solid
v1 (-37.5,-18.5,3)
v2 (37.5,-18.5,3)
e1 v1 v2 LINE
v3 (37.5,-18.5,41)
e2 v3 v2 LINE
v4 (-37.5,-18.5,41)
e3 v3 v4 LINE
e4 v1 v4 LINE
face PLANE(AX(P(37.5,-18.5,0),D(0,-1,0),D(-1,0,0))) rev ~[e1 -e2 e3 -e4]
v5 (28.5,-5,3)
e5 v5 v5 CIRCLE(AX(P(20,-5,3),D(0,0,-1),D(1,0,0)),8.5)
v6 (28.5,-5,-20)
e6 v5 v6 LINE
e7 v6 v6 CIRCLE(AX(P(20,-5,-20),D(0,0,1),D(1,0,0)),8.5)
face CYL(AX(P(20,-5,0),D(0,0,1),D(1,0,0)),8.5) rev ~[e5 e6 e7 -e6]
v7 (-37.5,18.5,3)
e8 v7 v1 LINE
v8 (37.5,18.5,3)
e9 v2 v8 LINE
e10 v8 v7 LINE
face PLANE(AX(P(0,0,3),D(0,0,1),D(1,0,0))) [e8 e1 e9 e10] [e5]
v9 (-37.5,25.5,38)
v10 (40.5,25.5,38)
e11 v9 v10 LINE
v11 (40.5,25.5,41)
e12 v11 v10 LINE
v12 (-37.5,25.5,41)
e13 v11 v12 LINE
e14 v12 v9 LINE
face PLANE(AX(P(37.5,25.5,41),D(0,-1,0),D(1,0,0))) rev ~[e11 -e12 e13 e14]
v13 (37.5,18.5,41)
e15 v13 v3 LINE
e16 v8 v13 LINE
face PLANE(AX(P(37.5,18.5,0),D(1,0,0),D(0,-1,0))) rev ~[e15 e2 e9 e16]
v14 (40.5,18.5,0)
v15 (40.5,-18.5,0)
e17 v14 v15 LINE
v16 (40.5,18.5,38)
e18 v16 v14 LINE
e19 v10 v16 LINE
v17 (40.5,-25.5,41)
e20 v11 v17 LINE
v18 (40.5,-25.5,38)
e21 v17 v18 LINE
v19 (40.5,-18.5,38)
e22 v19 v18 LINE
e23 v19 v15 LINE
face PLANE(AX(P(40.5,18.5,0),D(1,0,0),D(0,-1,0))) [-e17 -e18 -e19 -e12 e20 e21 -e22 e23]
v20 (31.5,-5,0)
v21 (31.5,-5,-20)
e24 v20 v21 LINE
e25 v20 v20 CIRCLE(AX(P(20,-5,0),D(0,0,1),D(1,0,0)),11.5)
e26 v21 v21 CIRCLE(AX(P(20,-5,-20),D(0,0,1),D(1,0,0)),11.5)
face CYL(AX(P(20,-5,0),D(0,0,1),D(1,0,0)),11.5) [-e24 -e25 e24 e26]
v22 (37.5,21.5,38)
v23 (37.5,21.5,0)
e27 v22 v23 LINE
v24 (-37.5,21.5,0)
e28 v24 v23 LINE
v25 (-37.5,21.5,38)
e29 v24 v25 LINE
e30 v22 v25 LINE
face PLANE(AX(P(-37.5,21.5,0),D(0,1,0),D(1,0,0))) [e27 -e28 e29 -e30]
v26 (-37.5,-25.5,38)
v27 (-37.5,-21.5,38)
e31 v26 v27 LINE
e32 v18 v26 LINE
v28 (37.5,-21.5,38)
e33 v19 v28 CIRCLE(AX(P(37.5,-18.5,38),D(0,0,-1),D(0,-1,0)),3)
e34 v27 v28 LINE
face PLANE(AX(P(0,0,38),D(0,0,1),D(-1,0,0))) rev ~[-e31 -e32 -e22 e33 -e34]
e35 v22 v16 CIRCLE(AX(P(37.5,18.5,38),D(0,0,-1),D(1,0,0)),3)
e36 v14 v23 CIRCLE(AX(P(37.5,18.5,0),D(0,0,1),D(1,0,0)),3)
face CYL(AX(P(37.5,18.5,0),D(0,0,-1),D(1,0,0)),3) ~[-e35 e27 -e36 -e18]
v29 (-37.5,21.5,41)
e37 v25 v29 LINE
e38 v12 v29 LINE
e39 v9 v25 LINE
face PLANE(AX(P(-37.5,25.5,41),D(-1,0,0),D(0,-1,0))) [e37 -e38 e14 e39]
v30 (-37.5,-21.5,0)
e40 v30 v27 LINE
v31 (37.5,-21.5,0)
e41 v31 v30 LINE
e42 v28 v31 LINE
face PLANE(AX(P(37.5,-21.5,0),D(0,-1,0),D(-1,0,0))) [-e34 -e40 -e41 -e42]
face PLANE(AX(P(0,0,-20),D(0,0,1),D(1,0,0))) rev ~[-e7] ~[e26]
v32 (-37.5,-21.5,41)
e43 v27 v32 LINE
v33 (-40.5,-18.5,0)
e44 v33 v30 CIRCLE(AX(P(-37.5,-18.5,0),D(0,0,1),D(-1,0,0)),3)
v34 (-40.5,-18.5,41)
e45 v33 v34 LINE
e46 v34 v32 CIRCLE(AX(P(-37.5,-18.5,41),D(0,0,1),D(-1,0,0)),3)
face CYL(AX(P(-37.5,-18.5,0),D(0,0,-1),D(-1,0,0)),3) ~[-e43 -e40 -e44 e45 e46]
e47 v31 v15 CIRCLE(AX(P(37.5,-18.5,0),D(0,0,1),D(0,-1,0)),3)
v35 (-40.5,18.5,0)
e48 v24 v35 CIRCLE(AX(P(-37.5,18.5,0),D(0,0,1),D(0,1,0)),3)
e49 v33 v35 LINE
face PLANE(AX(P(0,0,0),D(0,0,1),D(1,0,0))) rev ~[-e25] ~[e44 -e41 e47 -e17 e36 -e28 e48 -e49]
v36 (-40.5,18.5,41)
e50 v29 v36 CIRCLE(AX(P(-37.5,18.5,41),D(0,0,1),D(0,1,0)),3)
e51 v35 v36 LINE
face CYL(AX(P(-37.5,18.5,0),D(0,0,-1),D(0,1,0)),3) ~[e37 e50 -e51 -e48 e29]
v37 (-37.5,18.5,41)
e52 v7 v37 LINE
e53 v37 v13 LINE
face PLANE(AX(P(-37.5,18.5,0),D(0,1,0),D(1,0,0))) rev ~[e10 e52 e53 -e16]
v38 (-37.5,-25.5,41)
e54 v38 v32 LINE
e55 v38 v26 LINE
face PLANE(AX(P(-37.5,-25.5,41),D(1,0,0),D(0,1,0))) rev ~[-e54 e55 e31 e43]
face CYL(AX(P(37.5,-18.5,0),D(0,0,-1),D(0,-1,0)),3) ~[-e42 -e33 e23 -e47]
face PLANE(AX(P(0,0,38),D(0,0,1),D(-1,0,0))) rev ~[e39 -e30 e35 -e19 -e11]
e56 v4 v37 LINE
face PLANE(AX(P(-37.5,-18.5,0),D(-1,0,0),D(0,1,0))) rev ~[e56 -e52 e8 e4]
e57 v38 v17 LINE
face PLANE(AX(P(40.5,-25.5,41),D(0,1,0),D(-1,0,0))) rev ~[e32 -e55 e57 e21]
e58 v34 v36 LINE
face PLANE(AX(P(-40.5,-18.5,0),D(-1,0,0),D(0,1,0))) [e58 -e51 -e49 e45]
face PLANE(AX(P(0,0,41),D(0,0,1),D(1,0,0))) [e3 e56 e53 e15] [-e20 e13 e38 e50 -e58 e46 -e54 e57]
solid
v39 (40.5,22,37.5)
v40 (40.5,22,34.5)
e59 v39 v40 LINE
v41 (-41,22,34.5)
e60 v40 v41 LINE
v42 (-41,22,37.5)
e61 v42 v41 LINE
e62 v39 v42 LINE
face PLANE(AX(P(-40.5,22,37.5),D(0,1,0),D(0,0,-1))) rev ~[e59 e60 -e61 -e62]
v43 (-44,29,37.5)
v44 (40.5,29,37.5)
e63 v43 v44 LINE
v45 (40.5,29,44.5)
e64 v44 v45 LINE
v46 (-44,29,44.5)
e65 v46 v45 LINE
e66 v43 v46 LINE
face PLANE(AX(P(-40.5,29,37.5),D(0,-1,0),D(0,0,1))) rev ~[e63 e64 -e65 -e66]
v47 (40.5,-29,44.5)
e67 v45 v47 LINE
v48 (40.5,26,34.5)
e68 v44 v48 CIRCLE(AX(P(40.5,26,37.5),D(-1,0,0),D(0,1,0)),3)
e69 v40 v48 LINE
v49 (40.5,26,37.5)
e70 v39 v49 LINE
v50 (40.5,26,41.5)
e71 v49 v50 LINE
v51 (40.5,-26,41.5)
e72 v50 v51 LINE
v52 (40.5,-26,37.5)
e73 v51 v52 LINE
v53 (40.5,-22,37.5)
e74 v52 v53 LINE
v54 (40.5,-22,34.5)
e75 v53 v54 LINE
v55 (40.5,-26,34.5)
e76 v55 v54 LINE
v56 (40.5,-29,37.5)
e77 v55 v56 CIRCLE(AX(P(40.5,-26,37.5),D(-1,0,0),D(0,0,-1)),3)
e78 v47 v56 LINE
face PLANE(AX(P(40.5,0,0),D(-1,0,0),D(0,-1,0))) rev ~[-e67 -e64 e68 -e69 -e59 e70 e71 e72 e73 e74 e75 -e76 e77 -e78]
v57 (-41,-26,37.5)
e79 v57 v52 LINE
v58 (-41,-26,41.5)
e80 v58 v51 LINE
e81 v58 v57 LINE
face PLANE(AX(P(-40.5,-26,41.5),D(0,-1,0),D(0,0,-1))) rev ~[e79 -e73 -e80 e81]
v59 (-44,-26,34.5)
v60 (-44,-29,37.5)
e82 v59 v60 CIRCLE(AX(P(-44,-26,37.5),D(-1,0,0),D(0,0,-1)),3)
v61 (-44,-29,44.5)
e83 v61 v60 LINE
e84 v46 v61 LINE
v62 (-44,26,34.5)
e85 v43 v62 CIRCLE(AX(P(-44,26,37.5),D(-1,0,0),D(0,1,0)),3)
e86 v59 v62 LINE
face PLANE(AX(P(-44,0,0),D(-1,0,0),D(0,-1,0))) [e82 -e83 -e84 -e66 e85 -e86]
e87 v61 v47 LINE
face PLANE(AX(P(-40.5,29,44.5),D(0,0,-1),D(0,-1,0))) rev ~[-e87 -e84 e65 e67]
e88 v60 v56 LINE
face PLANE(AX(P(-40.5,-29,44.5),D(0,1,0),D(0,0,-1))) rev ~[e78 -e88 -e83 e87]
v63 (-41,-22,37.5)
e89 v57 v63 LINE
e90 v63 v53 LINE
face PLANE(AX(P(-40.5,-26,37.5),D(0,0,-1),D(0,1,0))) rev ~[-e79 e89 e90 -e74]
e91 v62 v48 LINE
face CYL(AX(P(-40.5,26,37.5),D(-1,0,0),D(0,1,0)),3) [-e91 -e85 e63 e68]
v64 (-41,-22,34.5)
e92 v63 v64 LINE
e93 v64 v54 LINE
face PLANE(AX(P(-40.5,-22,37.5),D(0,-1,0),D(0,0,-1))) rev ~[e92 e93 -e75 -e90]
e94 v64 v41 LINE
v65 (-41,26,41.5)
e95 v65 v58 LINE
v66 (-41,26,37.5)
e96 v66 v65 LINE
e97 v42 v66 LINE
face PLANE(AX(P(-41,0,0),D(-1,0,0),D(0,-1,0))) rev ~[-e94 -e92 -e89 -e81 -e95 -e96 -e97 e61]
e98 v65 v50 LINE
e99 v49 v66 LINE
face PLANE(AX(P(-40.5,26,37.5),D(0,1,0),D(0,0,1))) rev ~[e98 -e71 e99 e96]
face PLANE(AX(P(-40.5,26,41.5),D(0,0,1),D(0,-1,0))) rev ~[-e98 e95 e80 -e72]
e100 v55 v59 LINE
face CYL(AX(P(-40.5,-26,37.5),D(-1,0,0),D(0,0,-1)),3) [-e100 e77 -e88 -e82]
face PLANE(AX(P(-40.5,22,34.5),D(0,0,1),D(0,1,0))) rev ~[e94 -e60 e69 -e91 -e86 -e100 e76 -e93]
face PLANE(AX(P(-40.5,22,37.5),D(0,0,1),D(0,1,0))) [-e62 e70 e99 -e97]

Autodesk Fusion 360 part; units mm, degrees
sketch "Sketch1" plane through (0, 0, 0) normal (0, 0, 1) x (1, 0, 0)
  line L0 (37.5, -18.5) -> (-37.5, -18.5)
  line L1 (-37.5, -18.5) -> (-37.5, 18.5)
  line L2 (-37.5, 18.5) -> (37.5, 18.5)
  line L3 (37.5, 18.5) -> (37.5, -18.5)
  line L4 (37.5, -18.5) -> (-37.5, 18.5) construction
  line L5 (-37.5, -18.5) -> (37.5, 18.5) construction
  line L6 (-37.5, 21.5) -> (37.5, 21.5)
  line L7 (40.5, 18.5) -> (40.5, -18.5)
  line L8 (37.5, -21.5) -> (-37.5, -21.5)
  line L9 (-40.5, -18.5) -> (-40.5, 18.5)
  arc A0 (-37.5, 21.5) -> (-40.5, 18.5) centre (-37.5, 18.5) ccw
  arc A1 (40.5, 18.5) -> (37.5, 21.5) centre (37.5, 18.5) ccw
  arc A2 (37.5, -21.5) -> (40.5, -18.5) centre (37.5, -18.5) ccw
  arc A3 (-40.5, -18.5) -> (-37.5, -21.5) centre (-37.5, -18.5) ccw
  circle A4 centre (20, -5) radius 8.5
  circle A5 centre (20, -5) radius 11.5
  dimension "d1" = 75
  dimension "d2" = 37
  dimension "d4" = 3
  dimension "d5" = 3
  dimension "d6" = 3
  dimension "d7" = 3
  dimension "d10" = 17
  dimension "d11" = 23
extrude "Extrude2" add sketch "Sketch1" against normal blind 20 contours A5 makes body 1
extrude "Extrude1" add sketch "Sketch1" along normal blind 3 separate body contours L0 L1 L2 L3 | L6 L7 L8 L9 A0 A1 A2 A3 | A4 | A5 makes body 2
extrude "Extrude3" cut sketch "Sketch1" along normal blind 11 contours A4 bodies 2
extrude "Extrude4" add sketch "Sketch1" along normal blind 41 contours L6 L7 L8 L9 A0 A1 A2 A3 bodies 2
sketch "Sketch2" plane through (0, 0, 41) normal (0, 0, 1) x (-1, 0, 0)
  line L0 (37.5, -18.5) -> (-37.5, -18.5)
  line L1 (-37.5, -18.5) -> (-37.5, 18.5)
  line L2 (-37.5, 18.5) -> (37.5, 18.5)
  line L3 (37.5, 18.5) -> (37.5, -18.5)
  arc A0 (37.5, -21.5) -> (40.5, -18.5) centre (37.5, -18.5) ccw
  line L4 (40.5, -18.5) -> (40.5, 18.5)
  arc A1 (40.5, 18.5) -> (37.5, 21.5) centre (37.5, 18.5) ccw
  line L5 (37.5, 21.5) -> (-37.5, 21.5)
  arc A2 (-37.5, 21.5) -> (-40.5, 18.5) centre (-37.5, 18.5) ccw
  line L6 (-40.5, 18.5) -> (-40.5, -18.5)
  arc A3 (-40.5, -18.5) -> (-37.5, -21.5) centre (-37.5, -18.5) ccw
  line L7 (-37.5, -21.5) -> (37.5, -21.5)
  line L8 (37.5, -18.5) -> (-37.5, -18.5)
  line L9 (-37.5, -18.5) -> (-37.5, 18.5)
  line L10 (-37.5, 18.5) -> (37.5, 18.5)
  line L11 (37.5, 18.5) -> (37.5, -18.5)
  line L12 (37.5, -18.5) -> (-37.5, 18.5) construction
  line L13 (-37.5, -18.5) -> (37.5, 18.5) construction
  line L14 (37.5, -21.5) -> (-37.5, -21.5)
  line L15 (-40.5, -18.5) -> (-40.5, 18.5)
  line L16 (-37.5, 21.5) -> (37.5, 21.5)
  line L17 (40.5, 18.5) -> (40.5, -18.5)
  arc A4 (37.5, -21.5) -> (40.5, -18.5) centre (37.5, -18.5) ccw
  arc A5 (40.5, 18.5) -> (37.5, 21.5) centre (37.5, 18.5) ccw
  arc A6 (-40.5, -18.5) -> (-37.5, -21.5) centre (-37.5, -18.5) ccw
  arc A7 (-37.5, 21.5) -> (-40.5, 18.5) centre (-37.5, 18.5) ccw
  line L18 (37.5, -21.5) -> (-37.5, -21.5)
  line L19 (-37.5, -21.5) -> (-37.5, -25.5)
  line L20 (-37.5, -25.5) -> (37.5, -25.5)
  line L21 (37.5, -25.5) -> (37.5, -21.5)
  line L22 (37.5, 21.5) -> (-37.5, 21.5)
  line L23 (-37.5, 21.5) -> (-37.5, 25.5)
  line L24 (-37.5, 25.5) -> (37.5, 25.5)
  line L25 (37.5, 25.5) -> (37.5, 21.5)
  line L26 (-37.5, -25.5) -> (-40.5, -25.5)
  line L27 (-40.5, -25.5) -> (-40.5, 25.5)
  line L28 (-40.5, 25.5) -> (-37.5, 25.5)
  line L29 (-37.5, 25.5) -> (-37.5, -25.5)
  dimension "d19" = 3
  dimension "d20" = 3
  dimension "d21" = 3
  dimension "d22" = 3
  dimension "d23" = 4
  dimension "d24" = 4
extrude "Extrude6" add sketch "Sketch2" against normal blind 3 contours L1 A2 L6 A3 L9 L15 A6 A7 L27 L29 | A3 A6 L19 L26 L27 L29 | A2 A7 L23 L27 L28 L29 bodies 2
extrude "Extrude5" add sketch "Sketch2" against normal blind 3 contours L7 L14 L18 L19 L20 L21 L29 | L5 L16 L22 L23 L24 L25 L29 bodies 2
sketch "Sketch3" plane through (-40.5, 0, 0) normal (-1, 0, 0) x (0, -1, 0)
  line L0 (-18.5, 0) -> (18.5, 0)
  line L1 (18.5, 0) -> (18.5, 41)
  line L2 (18.5, 41) -> (-18.5, 41)
  line L3 (-18.5, 41) -> (-18.5, 0)
  line L4 (25.5, 38) -> (-25.5, 38)
  line L5 (-25.5, 38) -> (-25.5, 41)
  line L6 (-25.5, 41) -> (25.5, 41)
  line L7 (25.5, 41) -> (25.5, 38)
  line L8 (25.5, 38) -> (-25.5, 41) construction
  line L9 (-25.5, 38) -> (25.5, 41) construction
  line L10 (-26, 41.5) -> (26, 41.5)
  line L11 (26, 41.5) -> (26, 37.5)
  line L12 (26, 37.5) -> (-26, 37.5)
  line L13 (-26, 37.5) -> (-26, 41.5)
  line L14 (-29, 44.5) -> (29, 44.5)
  line L15 (29, 44.5) -> (29, 37.5)
  line L16 (26, 34.5) -> (-26, 34.5)
  line L17 (-29, 37.5) -> (-29, 44.5)
  line L18 (-22, 38) -> (-22, 34.5)
  line L19 (22, 38) -> (22, 34.5)
  arc A0 (-29, 37.5) -> (-26, 34.5) centre (-26, 37.5) ccw
  arc A1 (26, 34.5) -> (29, 37.5) centre (26, 37.5) ccw
  point P0 (0, 39.5)
  dimension "d29" = 51
  dimension "d30" = 3
  dimension "d31" = -0.5
  dimension "d33" = 3
  dimension "d34" = 3
extrude "Extrude7" add sketch "Sketch3" against normal blind 81 separate body contours L10 L11 L12 L13 L14 L15 L16 L17 L18 L19 A0 A1 makes body 3
extrude "Extrude8" add sketch "Sketch3" along normal blind 3.5 contours L10 L11 L12 L13 L14 L15 L16 L17 L18 L19 A0 A1 bodies 3
extrude "Extrude9" add sketch "Sketch3" along normal blind 3.5 contours L3 L12 L16 L18 | L1 L3 L12 L16 | L1 L12 L16 L19 | L3 L4 L12 L18 | L1 L3 L4 L12 | L10 L11 L12 L13 L14 L15 L16 L17 L18 L19 A0 A1 | L1 L4 L12 L19 | L3 L4 L5 L6 | L1 L2 L3 L4 L6 | L2 L4 L5 L6 L7 L10 L11 L12 L13 L18 L19 | L1 L4 L6 L7 bodies 3
extrude "Extrude10" cut sketch "Sketch3" along normal blind 0.5 contours L3 L12 L16 L18 | L1 L3 L12 L16 | L1 L12 L16 L19 | L3 L4 L12 L18 | L1 L3 L4 L12 | L1 L4 L12 L19 | L3 L4 L5 L6 | L1 L2 L3 L4 L6 | L2 L4 L5 L6 L7 L10 L11 L12 L13 L18 L19 | L1 L4 L6 L7 bodies 3
combine "Combine1" operation add target body 2 tool bodies 1
